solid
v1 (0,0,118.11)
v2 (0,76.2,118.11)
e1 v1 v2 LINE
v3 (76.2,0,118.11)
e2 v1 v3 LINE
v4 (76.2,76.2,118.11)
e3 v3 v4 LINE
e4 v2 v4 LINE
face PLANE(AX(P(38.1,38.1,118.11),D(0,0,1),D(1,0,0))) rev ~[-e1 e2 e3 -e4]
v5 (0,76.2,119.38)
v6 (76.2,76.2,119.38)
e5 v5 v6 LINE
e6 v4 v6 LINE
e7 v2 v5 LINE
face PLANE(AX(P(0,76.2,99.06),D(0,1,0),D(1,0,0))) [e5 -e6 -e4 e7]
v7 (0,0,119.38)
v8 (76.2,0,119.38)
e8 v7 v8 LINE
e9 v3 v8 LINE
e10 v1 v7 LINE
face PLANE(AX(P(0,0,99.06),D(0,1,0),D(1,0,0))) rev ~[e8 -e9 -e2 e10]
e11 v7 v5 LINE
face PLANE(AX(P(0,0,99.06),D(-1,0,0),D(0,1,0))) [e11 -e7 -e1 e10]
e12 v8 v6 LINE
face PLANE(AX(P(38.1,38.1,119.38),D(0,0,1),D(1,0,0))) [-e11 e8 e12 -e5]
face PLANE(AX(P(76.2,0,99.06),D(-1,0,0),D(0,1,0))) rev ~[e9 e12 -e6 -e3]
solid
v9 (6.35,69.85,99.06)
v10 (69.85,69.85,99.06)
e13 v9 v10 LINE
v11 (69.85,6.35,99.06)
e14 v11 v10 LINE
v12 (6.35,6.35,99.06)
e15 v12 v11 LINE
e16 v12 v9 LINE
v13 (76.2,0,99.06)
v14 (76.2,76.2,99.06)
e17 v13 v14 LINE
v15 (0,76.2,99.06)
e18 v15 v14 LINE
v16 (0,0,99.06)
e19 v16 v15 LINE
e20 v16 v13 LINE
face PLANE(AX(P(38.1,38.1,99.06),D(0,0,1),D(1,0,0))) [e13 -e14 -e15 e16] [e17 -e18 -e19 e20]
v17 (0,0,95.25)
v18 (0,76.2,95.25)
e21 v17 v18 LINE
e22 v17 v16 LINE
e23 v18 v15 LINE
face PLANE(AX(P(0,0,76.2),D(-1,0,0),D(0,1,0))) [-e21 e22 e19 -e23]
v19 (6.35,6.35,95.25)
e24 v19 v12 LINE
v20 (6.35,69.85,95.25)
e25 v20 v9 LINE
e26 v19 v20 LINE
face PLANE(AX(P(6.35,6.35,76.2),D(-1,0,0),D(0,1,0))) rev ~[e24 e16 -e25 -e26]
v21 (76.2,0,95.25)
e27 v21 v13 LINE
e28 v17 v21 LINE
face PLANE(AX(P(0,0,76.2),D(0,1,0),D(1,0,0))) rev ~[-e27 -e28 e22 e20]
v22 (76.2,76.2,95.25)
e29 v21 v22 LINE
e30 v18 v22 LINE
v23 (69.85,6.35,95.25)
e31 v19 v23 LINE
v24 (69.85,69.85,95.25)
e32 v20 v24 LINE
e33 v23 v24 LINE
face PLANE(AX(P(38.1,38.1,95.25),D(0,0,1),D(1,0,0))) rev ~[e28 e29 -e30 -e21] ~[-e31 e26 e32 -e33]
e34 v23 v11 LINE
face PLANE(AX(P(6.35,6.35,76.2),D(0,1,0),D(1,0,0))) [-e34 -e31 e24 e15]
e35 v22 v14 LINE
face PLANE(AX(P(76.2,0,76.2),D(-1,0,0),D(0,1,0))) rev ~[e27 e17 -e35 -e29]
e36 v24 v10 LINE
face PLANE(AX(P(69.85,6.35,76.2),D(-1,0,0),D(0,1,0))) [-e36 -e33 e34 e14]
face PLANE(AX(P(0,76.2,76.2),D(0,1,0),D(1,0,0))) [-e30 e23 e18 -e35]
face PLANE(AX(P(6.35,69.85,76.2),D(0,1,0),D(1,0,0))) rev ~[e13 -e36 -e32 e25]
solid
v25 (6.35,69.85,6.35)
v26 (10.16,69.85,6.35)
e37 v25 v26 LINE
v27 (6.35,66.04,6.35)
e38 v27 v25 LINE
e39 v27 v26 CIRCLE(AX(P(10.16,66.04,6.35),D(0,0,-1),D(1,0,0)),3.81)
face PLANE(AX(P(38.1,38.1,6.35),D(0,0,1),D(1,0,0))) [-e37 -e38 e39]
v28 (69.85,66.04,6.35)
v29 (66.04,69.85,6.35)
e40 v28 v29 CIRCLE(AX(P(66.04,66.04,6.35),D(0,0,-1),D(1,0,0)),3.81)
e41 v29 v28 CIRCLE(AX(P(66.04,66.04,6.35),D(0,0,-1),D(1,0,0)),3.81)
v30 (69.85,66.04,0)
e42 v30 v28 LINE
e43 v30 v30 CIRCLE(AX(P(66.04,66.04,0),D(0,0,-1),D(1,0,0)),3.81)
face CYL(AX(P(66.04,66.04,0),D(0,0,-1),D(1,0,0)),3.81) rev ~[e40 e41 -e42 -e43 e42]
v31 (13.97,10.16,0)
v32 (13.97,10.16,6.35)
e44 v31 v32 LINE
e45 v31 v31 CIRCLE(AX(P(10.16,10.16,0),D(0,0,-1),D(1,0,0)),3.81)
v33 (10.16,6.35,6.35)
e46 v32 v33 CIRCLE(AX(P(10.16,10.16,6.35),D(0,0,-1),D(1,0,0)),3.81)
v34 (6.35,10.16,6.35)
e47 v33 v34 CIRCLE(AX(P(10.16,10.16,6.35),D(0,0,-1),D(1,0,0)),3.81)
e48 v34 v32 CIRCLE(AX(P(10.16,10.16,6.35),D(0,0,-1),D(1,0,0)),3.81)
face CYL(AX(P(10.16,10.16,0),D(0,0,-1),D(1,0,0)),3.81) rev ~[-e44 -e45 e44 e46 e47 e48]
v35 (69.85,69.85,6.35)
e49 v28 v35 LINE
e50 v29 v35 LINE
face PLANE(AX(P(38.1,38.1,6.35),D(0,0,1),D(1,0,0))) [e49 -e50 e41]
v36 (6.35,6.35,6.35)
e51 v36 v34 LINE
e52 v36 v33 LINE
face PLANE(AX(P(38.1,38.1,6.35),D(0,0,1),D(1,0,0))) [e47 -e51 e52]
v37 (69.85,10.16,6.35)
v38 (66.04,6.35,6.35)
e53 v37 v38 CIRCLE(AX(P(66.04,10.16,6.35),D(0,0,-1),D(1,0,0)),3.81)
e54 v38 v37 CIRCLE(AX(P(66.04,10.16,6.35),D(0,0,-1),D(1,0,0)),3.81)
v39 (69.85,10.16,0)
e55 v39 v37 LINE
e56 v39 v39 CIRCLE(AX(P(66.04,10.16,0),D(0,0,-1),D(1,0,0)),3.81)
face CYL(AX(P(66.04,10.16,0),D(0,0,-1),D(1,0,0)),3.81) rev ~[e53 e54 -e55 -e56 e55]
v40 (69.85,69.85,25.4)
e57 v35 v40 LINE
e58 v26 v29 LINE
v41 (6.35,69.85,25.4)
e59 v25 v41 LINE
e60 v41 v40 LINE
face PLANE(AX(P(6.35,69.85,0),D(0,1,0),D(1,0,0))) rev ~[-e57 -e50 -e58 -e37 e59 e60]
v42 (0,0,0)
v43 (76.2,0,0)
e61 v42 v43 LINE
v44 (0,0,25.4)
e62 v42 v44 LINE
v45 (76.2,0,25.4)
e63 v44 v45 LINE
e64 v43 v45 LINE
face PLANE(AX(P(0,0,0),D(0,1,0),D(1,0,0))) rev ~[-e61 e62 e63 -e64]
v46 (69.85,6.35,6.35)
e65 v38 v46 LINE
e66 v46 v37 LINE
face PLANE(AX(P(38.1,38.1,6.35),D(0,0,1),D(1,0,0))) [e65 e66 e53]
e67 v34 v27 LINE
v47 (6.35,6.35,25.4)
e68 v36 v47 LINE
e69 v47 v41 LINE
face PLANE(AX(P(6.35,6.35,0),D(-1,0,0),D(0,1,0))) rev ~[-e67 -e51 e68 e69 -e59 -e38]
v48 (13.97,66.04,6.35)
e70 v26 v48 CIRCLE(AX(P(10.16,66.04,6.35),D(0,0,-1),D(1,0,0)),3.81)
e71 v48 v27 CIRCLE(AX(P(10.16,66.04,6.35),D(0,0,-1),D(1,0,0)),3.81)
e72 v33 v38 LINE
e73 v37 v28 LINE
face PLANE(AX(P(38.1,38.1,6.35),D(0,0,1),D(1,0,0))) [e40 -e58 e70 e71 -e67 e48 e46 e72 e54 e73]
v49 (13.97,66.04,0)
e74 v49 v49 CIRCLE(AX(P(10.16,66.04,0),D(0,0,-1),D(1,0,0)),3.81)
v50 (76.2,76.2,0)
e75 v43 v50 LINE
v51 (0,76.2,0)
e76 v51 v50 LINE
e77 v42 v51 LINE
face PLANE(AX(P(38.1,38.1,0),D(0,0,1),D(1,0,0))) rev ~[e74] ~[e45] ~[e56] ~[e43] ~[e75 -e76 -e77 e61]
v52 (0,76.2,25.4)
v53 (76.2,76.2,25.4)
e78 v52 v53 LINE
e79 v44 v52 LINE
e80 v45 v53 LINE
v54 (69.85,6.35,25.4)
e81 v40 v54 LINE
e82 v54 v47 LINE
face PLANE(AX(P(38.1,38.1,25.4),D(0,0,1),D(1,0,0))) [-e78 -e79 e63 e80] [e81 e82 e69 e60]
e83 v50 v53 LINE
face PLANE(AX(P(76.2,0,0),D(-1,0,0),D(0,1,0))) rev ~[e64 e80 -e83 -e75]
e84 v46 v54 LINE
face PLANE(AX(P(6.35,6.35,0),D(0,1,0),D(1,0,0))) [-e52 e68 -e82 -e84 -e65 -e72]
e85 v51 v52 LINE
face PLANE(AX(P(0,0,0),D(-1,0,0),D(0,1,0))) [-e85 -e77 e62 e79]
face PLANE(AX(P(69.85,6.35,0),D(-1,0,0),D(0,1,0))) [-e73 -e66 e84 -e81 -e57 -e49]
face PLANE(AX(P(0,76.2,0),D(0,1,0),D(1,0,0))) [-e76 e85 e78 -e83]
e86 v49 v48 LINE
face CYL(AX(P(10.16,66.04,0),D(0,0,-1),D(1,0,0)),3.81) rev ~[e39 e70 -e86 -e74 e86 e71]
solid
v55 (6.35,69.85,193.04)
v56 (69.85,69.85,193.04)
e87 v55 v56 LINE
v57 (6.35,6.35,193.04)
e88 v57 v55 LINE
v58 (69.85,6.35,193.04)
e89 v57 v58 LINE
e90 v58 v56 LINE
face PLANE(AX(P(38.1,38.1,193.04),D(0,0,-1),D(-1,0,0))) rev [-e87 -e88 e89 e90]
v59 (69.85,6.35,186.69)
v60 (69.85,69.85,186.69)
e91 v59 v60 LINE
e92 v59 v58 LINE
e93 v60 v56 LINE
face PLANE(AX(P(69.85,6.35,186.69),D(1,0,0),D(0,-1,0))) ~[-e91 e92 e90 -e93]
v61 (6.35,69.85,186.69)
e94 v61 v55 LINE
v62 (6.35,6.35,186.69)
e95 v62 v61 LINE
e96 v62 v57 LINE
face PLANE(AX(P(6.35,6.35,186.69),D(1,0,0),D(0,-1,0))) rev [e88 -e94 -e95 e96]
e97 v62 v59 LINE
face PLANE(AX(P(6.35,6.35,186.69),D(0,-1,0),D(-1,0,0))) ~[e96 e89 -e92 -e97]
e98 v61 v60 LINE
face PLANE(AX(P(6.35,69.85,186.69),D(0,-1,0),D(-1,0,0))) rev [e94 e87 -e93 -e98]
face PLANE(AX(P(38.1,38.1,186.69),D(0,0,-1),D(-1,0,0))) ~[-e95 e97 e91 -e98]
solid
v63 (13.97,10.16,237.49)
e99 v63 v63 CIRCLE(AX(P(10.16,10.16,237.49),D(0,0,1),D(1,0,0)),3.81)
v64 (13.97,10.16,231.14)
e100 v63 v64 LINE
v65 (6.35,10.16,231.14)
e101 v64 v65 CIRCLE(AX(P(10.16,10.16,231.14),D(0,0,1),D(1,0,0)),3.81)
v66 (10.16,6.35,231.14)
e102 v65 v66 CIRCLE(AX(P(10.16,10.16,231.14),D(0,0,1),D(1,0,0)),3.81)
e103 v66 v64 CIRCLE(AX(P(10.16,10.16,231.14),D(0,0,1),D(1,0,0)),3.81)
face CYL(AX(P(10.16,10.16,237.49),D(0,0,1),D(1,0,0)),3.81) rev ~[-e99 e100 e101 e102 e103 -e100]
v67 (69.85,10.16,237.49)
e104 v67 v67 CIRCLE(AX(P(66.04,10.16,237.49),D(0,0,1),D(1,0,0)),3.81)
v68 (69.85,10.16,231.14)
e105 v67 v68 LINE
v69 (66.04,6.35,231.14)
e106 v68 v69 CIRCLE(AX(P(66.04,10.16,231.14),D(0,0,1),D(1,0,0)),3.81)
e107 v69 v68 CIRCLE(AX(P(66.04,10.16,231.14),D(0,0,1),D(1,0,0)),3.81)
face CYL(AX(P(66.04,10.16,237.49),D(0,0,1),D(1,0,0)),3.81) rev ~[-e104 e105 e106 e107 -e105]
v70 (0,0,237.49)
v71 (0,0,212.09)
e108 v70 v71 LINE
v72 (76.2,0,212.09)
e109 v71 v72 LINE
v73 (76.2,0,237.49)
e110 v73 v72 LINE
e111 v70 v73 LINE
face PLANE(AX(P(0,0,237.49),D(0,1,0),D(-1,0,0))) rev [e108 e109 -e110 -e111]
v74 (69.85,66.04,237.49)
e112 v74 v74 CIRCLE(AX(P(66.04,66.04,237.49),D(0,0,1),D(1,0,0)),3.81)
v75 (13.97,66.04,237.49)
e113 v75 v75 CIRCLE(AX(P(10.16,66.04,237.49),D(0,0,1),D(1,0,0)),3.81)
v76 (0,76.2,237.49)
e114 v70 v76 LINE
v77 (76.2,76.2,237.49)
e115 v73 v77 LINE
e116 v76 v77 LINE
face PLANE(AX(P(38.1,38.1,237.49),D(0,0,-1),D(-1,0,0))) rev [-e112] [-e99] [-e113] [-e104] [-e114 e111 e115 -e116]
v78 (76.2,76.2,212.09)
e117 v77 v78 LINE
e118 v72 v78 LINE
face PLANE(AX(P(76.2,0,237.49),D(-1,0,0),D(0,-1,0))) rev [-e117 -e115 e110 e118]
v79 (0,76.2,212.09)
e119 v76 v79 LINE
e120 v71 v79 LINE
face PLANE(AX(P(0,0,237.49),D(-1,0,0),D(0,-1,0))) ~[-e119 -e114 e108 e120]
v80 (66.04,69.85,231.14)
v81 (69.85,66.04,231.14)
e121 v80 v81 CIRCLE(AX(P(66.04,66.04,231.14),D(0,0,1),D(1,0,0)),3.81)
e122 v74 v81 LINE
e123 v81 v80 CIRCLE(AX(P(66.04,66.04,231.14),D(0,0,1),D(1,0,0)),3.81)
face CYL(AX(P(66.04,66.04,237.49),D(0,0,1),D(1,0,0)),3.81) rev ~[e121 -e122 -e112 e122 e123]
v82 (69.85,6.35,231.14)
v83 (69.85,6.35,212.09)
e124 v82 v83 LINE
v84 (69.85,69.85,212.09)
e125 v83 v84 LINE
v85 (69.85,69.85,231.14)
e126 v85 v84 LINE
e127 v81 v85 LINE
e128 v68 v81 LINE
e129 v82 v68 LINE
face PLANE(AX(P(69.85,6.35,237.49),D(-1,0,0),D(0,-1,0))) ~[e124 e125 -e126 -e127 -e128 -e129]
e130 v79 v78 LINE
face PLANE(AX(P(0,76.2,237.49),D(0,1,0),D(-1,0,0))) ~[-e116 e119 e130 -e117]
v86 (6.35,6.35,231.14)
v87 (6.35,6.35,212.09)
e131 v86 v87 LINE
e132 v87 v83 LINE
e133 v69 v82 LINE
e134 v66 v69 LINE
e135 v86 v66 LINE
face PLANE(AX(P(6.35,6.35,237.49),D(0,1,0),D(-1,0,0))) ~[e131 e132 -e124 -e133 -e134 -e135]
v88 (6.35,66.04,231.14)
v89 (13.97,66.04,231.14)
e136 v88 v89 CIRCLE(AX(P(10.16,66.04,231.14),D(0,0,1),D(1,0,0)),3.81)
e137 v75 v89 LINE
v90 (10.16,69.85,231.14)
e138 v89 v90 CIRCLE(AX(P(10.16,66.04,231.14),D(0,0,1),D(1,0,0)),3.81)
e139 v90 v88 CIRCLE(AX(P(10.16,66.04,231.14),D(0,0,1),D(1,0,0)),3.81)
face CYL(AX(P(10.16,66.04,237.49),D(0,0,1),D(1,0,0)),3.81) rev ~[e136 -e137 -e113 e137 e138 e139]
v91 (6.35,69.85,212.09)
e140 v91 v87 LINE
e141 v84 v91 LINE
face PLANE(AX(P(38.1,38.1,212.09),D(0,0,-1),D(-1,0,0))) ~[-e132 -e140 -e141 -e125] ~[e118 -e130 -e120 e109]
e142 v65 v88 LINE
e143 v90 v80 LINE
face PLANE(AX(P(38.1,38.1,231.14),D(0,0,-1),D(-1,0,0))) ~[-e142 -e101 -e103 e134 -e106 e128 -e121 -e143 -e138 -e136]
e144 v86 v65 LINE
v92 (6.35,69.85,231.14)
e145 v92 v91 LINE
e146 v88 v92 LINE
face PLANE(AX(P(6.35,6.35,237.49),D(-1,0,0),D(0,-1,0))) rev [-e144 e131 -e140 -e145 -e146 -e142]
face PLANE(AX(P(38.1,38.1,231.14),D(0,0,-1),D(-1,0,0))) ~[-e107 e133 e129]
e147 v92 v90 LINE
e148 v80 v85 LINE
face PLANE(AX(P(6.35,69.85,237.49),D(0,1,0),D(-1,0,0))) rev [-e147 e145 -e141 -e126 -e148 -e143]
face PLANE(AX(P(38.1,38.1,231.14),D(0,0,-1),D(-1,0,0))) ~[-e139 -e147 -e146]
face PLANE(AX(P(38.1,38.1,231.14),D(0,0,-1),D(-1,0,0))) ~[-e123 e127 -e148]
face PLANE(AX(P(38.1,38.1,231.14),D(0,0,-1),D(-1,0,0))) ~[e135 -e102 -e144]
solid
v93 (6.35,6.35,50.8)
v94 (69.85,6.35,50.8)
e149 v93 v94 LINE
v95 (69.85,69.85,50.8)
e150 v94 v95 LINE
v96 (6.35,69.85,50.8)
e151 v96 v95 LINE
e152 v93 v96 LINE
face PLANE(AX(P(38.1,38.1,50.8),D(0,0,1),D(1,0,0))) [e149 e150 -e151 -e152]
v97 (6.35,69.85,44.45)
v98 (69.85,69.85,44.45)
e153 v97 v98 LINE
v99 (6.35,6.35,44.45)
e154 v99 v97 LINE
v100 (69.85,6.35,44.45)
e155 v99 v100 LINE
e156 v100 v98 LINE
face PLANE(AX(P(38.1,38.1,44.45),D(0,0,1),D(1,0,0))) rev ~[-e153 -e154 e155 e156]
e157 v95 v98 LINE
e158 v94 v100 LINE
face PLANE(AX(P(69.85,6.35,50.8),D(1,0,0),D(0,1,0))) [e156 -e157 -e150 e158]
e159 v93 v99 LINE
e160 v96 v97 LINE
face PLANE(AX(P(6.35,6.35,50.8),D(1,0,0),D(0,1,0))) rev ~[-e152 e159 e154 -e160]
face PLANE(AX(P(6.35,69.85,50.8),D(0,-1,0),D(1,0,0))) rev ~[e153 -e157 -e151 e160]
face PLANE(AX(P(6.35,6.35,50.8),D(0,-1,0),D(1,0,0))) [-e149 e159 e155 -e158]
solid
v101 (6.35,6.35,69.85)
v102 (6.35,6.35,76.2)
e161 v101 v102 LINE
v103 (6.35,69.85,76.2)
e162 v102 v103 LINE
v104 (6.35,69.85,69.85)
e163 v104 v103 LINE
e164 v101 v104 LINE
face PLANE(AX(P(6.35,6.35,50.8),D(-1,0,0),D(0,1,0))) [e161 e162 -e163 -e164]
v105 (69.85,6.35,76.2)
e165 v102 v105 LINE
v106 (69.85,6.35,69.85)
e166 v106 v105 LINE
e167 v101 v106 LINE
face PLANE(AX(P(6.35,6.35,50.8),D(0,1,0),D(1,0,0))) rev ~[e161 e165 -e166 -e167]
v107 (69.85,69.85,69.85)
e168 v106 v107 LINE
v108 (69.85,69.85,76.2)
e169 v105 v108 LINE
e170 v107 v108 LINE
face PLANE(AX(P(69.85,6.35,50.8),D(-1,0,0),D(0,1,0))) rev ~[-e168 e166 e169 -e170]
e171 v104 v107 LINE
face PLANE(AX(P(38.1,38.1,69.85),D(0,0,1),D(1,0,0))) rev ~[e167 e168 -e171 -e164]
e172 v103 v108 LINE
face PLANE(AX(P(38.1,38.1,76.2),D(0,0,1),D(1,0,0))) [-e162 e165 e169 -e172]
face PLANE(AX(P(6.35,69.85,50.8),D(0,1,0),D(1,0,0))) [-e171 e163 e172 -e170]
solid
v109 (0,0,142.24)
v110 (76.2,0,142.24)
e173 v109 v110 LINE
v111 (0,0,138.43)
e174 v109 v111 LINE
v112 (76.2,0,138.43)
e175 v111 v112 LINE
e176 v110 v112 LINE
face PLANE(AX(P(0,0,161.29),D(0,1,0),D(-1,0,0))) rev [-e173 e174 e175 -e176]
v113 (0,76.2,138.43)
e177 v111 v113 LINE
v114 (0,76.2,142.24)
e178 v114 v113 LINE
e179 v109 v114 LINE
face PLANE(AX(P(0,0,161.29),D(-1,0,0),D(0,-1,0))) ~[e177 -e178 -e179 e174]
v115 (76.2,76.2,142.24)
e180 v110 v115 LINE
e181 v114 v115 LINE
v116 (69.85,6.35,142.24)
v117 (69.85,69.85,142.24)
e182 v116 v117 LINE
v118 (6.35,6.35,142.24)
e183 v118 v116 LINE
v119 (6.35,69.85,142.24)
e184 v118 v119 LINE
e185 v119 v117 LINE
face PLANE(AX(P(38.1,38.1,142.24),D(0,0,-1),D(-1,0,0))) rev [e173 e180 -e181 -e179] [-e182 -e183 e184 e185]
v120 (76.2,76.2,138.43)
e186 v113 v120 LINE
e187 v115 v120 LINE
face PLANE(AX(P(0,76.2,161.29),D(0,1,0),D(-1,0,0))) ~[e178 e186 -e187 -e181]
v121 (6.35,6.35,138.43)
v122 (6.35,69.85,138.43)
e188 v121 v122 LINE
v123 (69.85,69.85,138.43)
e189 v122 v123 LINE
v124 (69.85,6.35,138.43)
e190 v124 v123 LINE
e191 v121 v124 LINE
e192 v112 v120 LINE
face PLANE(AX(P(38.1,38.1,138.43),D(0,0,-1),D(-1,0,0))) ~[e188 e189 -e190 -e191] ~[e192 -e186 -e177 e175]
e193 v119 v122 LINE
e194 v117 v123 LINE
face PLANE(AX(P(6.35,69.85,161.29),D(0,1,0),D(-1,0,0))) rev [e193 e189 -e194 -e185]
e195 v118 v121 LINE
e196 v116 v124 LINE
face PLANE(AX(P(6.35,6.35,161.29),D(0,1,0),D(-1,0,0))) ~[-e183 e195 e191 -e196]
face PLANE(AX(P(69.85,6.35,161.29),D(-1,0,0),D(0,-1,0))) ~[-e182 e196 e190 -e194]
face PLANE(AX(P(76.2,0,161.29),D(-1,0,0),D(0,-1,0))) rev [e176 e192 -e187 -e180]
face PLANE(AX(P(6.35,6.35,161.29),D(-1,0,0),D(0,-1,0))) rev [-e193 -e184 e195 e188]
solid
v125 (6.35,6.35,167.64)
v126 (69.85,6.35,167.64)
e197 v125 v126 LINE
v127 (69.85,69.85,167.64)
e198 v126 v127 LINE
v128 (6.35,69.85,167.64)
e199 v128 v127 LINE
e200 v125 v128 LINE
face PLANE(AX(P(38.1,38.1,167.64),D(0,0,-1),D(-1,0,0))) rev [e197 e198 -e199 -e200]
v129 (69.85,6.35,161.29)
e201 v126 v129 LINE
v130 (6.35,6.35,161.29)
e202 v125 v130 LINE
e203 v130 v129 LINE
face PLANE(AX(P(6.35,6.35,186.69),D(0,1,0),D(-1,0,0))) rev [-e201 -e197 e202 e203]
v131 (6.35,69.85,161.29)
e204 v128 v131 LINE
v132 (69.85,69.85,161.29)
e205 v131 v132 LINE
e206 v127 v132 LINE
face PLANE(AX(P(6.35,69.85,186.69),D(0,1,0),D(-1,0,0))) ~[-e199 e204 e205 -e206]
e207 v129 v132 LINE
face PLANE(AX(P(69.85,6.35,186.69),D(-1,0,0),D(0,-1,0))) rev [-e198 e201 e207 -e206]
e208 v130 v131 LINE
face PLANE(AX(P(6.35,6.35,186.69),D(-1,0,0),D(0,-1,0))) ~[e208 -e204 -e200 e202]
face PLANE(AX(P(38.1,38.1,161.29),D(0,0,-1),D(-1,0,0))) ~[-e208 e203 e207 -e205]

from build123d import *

# Parameters (mm, degrees)
F0_W      = 76.2
F0_H      = 76.2
F0_W_2    = 63.5
F0_H_2    = 63.5
F1_DEPTH  = 25.4
F2_DEPTH  = 6.35
F3_W      = 76.2
F3_H      = 76.2
F4_DEPTH  = 25.4
F5_DEPTH  = 19.05
F6_W      = 76.2
F6_H      = 76.2
F6_W_2    = 63.5
F6_H_2    = 63.5
F7_DEPTH  = 25.4
F8_W      = 63.5
F8_H      = 63.5
F9_DEPTH  = 25.4
F10_DEPTH = 19.05
F11_W     = 76.2
F11_H     = 76.2
F11_W_2   = 63.5
F11_H_2   = 63.5
F12_DEPTH = 22.86
F13_DEPTH = 19.05
F14_W     = 76.2
F14_H     = 76.2
F15_DEPTH = 20.32
F16_DEPTH = 19.05
F19_R     = 3.81
F20_DEPTH = 25.4
F21_R     = 3.81
F22_DEPTH = 25.4


with BuildPart() as f1:
    # F0 (on Top) → F1 (new body)
    with BuildSketch(Plane.XY):
        with Locations((38.1, 38.1)):
            Rectangle(F0_W, F0_H)
        with Locations((38.1, 38.1)):
            Rectangle(F0_W_2, F0_H_2, mode=Mode.SUBTRACT)
    extrude(amount=F1_DEPTH)

    # F0 (on Top) → F2 (join)
    with BuildSketch(Plane.XY):
        with Locations((38.1, 38.1)):
            Rectangle(F0_W_2, F0_H_2)
    extrude(amount=F2_DEPTH)


with BuildPart() as f4:
    # F3 (on face) → F4 (new body)
    with BuildSketch(Plane.XY.offset(25.4)):
        with Locations((38.1, 38.1)):
            Rectangle(F3_W, F3_H)
    extrude(amount=F4_DEPTH)

    # F3 (on face) → F5 (cut)
    with BuildSketch(Plane.XY.offset(25.4)):
        with Locations((38.1, 38.1)):
            Rectangle(F3_W, F3_H)
    extrude(amount=F5_DEPTH, mode=Mode.SUBTRACT)

    # F6 (on face) → F7 (cut)
    with BuildSketch(Plane.XY.offset(50.8)):
        with Locations((38.1, 38.1)):
            Rectangle(F6_W, F6_H)
        with Locations((38.1, 38.1)):
            Rectangle(F6_W_2, F6_H_2, mode=Mode.SUBTRACT)
    extrude(amount=-F7_DEPTH, mode=Mode.SUBTRACT)


with BuildPart() as f9:
    # F8 (on face) → F9 (new body)
    with BuildSketch(Plane.XY.offset(50.8)):
        with Locations((38.1, 38.1)):
            Rectangle(F8_W, F8_H)
    extrude(amount=F9_DEPTH)

    # F8 (on face) → F10 (cut)
    with BuildSketch(Plane.XY.offset(50.8)):
        with Locations((38.1, 38.1)):
            Rectangle(F8_W, F8_H)
    extrude(amount=F10_DEPTH, mode=Mode.SUBTRACT)


with BuildPart() as f12:
    # F11 (on face) → F12 (new body)
    with BuildSketch(Plane.XY.offset(76.2)):
        with Locations((38.1, 38.1)):
            Rectangle(F11_W, F11_H)
        with Locations((38.1, 38.1)):
            Rectangle(F11_W_2, F11_H_2, mode=Mode.SUBTRACT)
    extrude(amount=F12_DEPTH)

    # F11 (on face) → F13 (cut)
    with BuildSketch(Plane.XY.offset(76.2)):
        with Locations((38.1, 38.1)):
            Rectangle(F11_W, F11_H)
        with Locations((38.1, 38.1)):
            Rectangle(F11_W_2, F11_H_2, mode=Mode.SUBTRACT)
    extrude(amount=F13_DEPTH, mode=Mode.SUBTRACT)


with BuildPart() as f15:
    # F14 (on face) → F15 (new body)
    with BuildSketch(Plane.XY.offset(99.06)):
        with Locations((38.1, 38.1)):
            Rectangle(F14_W, F14_H)
    extrude(amount=F15_DEPTH)

    # F14 (on face) → F16 (cut)
    with BuildSketch(Plane.XY.offset(99.06)):
        with Locations((38.1, 38.1)):
            Rectangle(F14_W, F14_H)
    extrude(amount=F16_DEPTH, mode=Mode.SUBTRACT)

    # F18: F15, F12, F9, F4, F1 across plane


with BuildPart() as f15_1:
    add(f15.part)
    add(f15.part.mirror(Plane(origin=(38.1, 38.1, 118.745), x_dir=(1, 0, 0), z_dir=(0, 0, -1))))
    add(f12.part.mirror(Plane(origin=(38.1, 38.1, 118.745), x_dir=(1, 0, 0), z_dir=(0, 0, -1))))
    add(f9.part.mirror(Plane(origin=(38.1, 38.1, 118.745), x_dir=(1, 0, 0), z_dir=(0, 0, -1))))
    add(f4.part.mirror(Plane(origin=(38.1, 38.1, 118.745), x_dir=(1, 0, 0), z_dir=(0, 0, -1))))
    add(f1.part.mirror(Plane(origin=(38.1, 38.1, 118.745), x_dir=(1, 0, 0), z_dir=(0, 0, -1))))

    # F19 (on face) → F20 (cut)
    with BuildSketch(Plane.XY.offset(237.49)):
        with Locations((10.16, 10.16)):
            Circle(F19_R)
        with Locations((10.16, 66.04)):
            Circle(F19_R)
        with Locations((66.04, 66.04)):
            Circle(F19_R)
        with Locations((66.04, 10.16)):
            Circle(F19_R)
    extrude(amount=-F20_DEPTH, mode=Mode.SUBTRACT)


with BuildPart() as f1_1:
    add(f1.part)

    # F21 (on face) → F22 (cut)
    with BuildSketch(Plane(origin=(0, 0, 0), x_dir=(1, 0, 0), z_dir=(0, 0, -1))):
        with Locations((66.04, -66.04)):
            Circle(F21_R)
        with Locations((10.16, -66.04)):
            Circle(F21_R)
        with Locations((66.04, -10.16)):
            Circle(F21_R)
        with Locations((10.16, -10.16)):
            Circle(F21_R)
    extrude(amount=-F22_DEPTH, mode=Mode.SUBTRACT)


solid = Compound([f4.part, f9.part, f12.part, f15_1.part, f1_1.part])
